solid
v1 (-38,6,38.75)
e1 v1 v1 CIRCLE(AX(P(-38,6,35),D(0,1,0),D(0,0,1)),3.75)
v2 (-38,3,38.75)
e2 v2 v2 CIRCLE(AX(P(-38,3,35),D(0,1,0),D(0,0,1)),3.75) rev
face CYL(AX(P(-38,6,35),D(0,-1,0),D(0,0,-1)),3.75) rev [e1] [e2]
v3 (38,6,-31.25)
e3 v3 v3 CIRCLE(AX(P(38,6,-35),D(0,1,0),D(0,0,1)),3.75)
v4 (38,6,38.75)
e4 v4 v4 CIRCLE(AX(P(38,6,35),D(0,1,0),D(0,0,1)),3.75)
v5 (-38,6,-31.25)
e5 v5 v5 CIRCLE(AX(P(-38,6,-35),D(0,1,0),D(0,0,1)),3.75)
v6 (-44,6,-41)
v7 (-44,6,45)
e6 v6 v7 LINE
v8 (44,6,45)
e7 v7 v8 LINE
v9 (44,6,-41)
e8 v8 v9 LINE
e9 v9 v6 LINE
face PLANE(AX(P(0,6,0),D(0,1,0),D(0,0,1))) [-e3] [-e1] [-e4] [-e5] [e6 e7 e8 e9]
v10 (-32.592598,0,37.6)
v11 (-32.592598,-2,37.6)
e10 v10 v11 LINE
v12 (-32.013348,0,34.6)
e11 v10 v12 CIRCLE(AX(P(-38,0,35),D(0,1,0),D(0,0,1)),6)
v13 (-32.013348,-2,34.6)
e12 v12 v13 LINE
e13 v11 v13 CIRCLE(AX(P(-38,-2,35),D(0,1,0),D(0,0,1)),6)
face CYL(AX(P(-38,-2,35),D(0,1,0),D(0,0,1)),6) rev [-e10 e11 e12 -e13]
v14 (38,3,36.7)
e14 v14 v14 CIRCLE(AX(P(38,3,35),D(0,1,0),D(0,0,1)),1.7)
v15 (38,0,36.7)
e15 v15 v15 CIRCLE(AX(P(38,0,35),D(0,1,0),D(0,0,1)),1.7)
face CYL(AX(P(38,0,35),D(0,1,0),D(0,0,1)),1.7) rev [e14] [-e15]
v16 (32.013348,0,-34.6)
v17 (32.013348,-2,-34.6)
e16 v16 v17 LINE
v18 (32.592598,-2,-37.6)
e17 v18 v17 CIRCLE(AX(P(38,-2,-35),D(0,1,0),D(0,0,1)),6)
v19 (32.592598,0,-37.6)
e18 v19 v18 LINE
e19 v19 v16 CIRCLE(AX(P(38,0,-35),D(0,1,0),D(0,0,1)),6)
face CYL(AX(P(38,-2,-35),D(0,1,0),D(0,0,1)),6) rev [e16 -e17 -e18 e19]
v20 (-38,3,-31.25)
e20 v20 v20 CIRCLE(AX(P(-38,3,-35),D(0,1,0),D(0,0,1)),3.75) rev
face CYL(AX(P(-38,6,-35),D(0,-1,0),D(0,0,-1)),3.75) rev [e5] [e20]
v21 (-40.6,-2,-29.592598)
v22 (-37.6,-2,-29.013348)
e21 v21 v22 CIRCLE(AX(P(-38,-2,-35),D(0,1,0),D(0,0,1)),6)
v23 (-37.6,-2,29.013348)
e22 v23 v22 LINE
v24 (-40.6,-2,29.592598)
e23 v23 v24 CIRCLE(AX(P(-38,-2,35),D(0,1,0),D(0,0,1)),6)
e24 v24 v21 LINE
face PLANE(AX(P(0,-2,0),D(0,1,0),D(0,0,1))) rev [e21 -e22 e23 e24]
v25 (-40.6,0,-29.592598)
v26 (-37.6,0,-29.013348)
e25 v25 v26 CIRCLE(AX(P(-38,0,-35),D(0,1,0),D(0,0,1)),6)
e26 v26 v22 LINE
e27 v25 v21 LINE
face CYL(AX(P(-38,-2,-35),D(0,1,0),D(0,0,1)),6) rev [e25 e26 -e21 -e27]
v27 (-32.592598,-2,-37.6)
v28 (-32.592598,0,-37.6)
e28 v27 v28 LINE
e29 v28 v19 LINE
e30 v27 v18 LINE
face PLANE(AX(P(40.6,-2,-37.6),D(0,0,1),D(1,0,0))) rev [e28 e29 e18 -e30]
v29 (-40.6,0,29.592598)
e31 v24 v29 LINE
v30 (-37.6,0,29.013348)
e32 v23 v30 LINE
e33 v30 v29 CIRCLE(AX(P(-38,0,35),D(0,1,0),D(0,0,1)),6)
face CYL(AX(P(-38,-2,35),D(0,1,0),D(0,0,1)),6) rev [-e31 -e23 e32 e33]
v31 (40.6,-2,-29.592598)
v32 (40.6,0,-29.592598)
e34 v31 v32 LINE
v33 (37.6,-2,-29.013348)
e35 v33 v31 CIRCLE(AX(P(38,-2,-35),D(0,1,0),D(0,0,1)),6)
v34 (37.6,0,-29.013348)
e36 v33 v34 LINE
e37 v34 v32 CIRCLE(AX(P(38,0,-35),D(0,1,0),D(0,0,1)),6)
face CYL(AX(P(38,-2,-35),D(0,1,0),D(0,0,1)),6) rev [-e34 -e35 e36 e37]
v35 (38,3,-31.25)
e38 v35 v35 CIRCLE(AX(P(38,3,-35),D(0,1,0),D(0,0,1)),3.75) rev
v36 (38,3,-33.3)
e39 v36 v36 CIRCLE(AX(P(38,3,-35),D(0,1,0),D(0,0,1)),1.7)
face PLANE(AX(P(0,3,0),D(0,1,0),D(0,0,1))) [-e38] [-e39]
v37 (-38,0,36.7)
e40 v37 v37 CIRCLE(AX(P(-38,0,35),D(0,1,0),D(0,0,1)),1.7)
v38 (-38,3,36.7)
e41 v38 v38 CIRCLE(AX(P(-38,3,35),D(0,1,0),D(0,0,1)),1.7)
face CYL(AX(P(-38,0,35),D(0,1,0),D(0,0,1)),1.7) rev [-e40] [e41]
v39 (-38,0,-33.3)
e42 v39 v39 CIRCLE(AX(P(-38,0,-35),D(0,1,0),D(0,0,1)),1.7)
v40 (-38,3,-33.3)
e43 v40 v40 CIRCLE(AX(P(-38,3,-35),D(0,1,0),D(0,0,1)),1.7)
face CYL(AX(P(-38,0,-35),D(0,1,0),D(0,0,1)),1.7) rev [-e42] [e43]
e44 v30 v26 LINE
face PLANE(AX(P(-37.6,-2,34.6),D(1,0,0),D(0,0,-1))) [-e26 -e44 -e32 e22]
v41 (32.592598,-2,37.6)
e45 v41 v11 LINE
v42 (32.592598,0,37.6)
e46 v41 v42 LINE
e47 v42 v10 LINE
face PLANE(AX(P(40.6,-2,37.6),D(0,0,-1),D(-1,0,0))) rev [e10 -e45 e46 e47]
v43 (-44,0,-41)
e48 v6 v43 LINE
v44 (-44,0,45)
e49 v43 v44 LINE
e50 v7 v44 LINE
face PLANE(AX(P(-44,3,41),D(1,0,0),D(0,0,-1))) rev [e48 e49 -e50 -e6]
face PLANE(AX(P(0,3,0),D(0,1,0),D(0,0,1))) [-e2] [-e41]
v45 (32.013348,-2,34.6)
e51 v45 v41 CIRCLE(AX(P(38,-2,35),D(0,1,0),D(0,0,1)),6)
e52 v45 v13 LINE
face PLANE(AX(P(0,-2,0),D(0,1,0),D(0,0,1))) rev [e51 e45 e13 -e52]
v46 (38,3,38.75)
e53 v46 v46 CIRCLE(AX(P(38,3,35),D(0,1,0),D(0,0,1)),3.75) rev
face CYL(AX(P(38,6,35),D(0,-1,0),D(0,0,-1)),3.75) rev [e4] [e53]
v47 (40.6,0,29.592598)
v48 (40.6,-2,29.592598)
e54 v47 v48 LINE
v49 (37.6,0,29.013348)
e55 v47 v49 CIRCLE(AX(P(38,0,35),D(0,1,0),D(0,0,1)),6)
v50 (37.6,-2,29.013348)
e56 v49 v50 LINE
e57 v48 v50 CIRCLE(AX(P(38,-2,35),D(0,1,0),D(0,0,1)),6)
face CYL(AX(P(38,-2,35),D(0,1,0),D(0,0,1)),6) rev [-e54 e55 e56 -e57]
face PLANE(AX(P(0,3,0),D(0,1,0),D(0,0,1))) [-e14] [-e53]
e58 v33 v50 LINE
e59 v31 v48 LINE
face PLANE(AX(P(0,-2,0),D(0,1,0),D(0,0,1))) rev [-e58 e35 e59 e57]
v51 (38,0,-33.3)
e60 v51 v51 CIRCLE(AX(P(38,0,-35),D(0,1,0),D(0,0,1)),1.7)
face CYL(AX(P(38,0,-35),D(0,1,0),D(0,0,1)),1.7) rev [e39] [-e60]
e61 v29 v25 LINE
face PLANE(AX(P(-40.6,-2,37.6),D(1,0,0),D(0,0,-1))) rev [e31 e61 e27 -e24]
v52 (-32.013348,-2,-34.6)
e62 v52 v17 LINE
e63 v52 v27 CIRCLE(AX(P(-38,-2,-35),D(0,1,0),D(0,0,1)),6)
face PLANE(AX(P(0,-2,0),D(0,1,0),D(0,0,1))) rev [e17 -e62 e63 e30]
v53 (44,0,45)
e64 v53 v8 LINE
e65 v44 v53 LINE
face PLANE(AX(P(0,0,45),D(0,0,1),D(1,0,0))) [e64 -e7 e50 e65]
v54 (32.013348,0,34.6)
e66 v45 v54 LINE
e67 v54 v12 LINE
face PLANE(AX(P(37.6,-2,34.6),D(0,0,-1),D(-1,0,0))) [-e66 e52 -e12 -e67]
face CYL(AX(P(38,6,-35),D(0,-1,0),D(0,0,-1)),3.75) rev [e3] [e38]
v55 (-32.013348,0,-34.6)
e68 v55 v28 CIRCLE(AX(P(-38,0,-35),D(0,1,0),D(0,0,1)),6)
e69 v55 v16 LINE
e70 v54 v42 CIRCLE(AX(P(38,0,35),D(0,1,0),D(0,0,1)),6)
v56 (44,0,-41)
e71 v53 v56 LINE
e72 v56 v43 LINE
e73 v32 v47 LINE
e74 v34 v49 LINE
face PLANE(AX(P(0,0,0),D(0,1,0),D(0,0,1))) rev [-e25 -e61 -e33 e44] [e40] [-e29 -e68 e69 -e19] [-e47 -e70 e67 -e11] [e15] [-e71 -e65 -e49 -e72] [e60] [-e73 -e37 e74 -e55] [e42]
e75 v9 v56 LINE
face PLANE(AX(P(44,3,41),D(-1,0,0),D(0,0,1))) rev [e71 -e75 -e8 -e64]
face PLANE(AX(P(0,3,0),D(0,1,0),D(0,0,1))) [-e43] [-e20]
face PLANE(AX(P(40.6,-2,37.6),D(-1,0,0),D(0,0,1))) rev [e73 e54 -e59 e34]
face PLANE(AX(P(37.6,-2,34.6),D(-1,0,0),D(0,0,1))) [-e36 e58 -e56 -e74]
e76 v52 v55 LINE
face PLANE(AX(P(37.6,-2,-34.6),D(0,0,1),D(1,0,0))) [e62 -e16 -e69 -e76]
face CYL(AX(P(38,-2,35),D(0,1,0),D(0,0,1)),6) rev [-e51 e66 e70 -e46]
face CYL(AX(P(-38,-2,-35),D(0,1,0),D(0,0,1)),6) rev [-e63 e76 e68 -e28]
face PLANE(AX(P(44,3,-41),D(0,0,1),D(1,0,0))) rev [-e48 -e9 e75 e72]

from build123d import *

# Parameters (mm, degrees)
SKETCH1_W           = 88
SKETCH1_H           = 82
BOSS_EXTRUDE1_DEPTH = 3
SKETCH2_R           = 1.7
CUT_EXTRUDE1_DEPTH  = 4
SKETCH4_W           = 81.2
SKETCH4_H           = 75.2
SKETCH4_W_2         = 75.2
SKETCH4_H_2         = 69.2
BOSS_EXTRUDE2_DEPTH = 2
CUT_EXTRUDE5_START  = -3
SKETCH6_R           = 6
CUT_EXTRUDE5_DEPTH  = 3
SKETCH7_W           = 88
SKETCH7_H           = 3
BOSS_EXTRUDE3_DEPTH = 4
SKETCH8_R           = 3.75
BOSS_EXTRUDE4_DEPTH = 3


with BuildPart() as part:
    # Sketch1 → Boss-Extrude1 (new body)
    with BuildSketch(Plane(origin=(0, 0, 0), x_dir=(1, 0, 0), z_dir=(0, 1, 0))):
        Rectangle(SKETCH1_W, SKETCH1_H)
    extrude(amount=BOSS_EXTRUDE1_DEPTH)

    # Sketch2 → Cut-Extrude1 (cut, through all)
    with BuildSketch(Plane(origin=(0, 3, 0), x_dir=(1, 0, 0), z_dir=(0, 1, 0))):
        with Locations((-38, 35)):
            Circle(SKETCH2_R)
        with Locations((38, 35)):
            Circle(SKETCH2_R)
        with Locations((38, -35)):
            Circle(SKETCH2_R)
        with Locations((-38, -35)):
            Circle(SKETCH2_R)
    extrude(amount=-CUT_EXTRUDE1_DEPTH, mode=Mode.SUBTRACT)

    # Sketch4 → Boss-Extrude2 (add)
    with BuildSketch(Plane.XZ):
        Rectangle(SKETCH4_W, SKETCH4_H)
        Rectangle(SKETCH4_W_2, SKETCH4_H_2, mode=Mode.SUBTRACT)
    extrude(amount=BOSS_EXTRUDE2_DEPTH)

    # Sketch6 → Cut-Extrude5 (cut, through all)
    with BuildSketch(Plane(origin=(0, 3, 0), x_dir=(1, 0, 0), z_dir=(0, 1, 0)).offset(CUT_EXTRUDE5_START)):
        with Locations((-38, 35)):
            Circle(SKETCH6_R)
        with Locations((-38, -35)):
            Circle(SKETCH6_R)
        with Locations((38, -35)):
            Circle(SKETCH6_R)
        with Locations((38, 35)):
            Circle(SKETCH6_R)
    extrude(amount=-CUT_EXTRUDE5_DEPTH, mode=Mode.SUBTRACT)

    # Sketch7 → Boss-Extrude3 (add)
    with BuildSketch(Plane.XY.offset(41)):
        with Locations((0, 1.5)):
            Rectangle(SKETCH7_W, SKETCH7_H)
    extrude(amount=BOSS_EXTRUDE3_DEPTH)

    # Sketch8 → Boss-Extrude4 (add)
    with BuildSketch(Plane(origin=(0, 3, 0), x_dir=(1, 0, 0), z_dir=(0, 1, 0))):
        Polygon((-44, -41), (-44, -45), (44, -45), (44, -41), (44, 41), (-44, 41), align=None)
        with Locations((-38, 35)):
            Circle(SKETCH8_R, mode=Mode.SUBTRACT)
        with Locations((38, 35)):
            Circle(SKETCH8_R, mode=Mode.SUBTRACT)
        with Locations((-38, -35)):
            Circle(SKETCH8_R, mode=Mode.SUBTRACT)
        with Locations((38, -35)):
            Circle(SKETCH8_R, mode=Mode.SUBTRACT)
    extrude(amount=BOSS_EXTRUDE4_DEPTH)


solid = part.part
